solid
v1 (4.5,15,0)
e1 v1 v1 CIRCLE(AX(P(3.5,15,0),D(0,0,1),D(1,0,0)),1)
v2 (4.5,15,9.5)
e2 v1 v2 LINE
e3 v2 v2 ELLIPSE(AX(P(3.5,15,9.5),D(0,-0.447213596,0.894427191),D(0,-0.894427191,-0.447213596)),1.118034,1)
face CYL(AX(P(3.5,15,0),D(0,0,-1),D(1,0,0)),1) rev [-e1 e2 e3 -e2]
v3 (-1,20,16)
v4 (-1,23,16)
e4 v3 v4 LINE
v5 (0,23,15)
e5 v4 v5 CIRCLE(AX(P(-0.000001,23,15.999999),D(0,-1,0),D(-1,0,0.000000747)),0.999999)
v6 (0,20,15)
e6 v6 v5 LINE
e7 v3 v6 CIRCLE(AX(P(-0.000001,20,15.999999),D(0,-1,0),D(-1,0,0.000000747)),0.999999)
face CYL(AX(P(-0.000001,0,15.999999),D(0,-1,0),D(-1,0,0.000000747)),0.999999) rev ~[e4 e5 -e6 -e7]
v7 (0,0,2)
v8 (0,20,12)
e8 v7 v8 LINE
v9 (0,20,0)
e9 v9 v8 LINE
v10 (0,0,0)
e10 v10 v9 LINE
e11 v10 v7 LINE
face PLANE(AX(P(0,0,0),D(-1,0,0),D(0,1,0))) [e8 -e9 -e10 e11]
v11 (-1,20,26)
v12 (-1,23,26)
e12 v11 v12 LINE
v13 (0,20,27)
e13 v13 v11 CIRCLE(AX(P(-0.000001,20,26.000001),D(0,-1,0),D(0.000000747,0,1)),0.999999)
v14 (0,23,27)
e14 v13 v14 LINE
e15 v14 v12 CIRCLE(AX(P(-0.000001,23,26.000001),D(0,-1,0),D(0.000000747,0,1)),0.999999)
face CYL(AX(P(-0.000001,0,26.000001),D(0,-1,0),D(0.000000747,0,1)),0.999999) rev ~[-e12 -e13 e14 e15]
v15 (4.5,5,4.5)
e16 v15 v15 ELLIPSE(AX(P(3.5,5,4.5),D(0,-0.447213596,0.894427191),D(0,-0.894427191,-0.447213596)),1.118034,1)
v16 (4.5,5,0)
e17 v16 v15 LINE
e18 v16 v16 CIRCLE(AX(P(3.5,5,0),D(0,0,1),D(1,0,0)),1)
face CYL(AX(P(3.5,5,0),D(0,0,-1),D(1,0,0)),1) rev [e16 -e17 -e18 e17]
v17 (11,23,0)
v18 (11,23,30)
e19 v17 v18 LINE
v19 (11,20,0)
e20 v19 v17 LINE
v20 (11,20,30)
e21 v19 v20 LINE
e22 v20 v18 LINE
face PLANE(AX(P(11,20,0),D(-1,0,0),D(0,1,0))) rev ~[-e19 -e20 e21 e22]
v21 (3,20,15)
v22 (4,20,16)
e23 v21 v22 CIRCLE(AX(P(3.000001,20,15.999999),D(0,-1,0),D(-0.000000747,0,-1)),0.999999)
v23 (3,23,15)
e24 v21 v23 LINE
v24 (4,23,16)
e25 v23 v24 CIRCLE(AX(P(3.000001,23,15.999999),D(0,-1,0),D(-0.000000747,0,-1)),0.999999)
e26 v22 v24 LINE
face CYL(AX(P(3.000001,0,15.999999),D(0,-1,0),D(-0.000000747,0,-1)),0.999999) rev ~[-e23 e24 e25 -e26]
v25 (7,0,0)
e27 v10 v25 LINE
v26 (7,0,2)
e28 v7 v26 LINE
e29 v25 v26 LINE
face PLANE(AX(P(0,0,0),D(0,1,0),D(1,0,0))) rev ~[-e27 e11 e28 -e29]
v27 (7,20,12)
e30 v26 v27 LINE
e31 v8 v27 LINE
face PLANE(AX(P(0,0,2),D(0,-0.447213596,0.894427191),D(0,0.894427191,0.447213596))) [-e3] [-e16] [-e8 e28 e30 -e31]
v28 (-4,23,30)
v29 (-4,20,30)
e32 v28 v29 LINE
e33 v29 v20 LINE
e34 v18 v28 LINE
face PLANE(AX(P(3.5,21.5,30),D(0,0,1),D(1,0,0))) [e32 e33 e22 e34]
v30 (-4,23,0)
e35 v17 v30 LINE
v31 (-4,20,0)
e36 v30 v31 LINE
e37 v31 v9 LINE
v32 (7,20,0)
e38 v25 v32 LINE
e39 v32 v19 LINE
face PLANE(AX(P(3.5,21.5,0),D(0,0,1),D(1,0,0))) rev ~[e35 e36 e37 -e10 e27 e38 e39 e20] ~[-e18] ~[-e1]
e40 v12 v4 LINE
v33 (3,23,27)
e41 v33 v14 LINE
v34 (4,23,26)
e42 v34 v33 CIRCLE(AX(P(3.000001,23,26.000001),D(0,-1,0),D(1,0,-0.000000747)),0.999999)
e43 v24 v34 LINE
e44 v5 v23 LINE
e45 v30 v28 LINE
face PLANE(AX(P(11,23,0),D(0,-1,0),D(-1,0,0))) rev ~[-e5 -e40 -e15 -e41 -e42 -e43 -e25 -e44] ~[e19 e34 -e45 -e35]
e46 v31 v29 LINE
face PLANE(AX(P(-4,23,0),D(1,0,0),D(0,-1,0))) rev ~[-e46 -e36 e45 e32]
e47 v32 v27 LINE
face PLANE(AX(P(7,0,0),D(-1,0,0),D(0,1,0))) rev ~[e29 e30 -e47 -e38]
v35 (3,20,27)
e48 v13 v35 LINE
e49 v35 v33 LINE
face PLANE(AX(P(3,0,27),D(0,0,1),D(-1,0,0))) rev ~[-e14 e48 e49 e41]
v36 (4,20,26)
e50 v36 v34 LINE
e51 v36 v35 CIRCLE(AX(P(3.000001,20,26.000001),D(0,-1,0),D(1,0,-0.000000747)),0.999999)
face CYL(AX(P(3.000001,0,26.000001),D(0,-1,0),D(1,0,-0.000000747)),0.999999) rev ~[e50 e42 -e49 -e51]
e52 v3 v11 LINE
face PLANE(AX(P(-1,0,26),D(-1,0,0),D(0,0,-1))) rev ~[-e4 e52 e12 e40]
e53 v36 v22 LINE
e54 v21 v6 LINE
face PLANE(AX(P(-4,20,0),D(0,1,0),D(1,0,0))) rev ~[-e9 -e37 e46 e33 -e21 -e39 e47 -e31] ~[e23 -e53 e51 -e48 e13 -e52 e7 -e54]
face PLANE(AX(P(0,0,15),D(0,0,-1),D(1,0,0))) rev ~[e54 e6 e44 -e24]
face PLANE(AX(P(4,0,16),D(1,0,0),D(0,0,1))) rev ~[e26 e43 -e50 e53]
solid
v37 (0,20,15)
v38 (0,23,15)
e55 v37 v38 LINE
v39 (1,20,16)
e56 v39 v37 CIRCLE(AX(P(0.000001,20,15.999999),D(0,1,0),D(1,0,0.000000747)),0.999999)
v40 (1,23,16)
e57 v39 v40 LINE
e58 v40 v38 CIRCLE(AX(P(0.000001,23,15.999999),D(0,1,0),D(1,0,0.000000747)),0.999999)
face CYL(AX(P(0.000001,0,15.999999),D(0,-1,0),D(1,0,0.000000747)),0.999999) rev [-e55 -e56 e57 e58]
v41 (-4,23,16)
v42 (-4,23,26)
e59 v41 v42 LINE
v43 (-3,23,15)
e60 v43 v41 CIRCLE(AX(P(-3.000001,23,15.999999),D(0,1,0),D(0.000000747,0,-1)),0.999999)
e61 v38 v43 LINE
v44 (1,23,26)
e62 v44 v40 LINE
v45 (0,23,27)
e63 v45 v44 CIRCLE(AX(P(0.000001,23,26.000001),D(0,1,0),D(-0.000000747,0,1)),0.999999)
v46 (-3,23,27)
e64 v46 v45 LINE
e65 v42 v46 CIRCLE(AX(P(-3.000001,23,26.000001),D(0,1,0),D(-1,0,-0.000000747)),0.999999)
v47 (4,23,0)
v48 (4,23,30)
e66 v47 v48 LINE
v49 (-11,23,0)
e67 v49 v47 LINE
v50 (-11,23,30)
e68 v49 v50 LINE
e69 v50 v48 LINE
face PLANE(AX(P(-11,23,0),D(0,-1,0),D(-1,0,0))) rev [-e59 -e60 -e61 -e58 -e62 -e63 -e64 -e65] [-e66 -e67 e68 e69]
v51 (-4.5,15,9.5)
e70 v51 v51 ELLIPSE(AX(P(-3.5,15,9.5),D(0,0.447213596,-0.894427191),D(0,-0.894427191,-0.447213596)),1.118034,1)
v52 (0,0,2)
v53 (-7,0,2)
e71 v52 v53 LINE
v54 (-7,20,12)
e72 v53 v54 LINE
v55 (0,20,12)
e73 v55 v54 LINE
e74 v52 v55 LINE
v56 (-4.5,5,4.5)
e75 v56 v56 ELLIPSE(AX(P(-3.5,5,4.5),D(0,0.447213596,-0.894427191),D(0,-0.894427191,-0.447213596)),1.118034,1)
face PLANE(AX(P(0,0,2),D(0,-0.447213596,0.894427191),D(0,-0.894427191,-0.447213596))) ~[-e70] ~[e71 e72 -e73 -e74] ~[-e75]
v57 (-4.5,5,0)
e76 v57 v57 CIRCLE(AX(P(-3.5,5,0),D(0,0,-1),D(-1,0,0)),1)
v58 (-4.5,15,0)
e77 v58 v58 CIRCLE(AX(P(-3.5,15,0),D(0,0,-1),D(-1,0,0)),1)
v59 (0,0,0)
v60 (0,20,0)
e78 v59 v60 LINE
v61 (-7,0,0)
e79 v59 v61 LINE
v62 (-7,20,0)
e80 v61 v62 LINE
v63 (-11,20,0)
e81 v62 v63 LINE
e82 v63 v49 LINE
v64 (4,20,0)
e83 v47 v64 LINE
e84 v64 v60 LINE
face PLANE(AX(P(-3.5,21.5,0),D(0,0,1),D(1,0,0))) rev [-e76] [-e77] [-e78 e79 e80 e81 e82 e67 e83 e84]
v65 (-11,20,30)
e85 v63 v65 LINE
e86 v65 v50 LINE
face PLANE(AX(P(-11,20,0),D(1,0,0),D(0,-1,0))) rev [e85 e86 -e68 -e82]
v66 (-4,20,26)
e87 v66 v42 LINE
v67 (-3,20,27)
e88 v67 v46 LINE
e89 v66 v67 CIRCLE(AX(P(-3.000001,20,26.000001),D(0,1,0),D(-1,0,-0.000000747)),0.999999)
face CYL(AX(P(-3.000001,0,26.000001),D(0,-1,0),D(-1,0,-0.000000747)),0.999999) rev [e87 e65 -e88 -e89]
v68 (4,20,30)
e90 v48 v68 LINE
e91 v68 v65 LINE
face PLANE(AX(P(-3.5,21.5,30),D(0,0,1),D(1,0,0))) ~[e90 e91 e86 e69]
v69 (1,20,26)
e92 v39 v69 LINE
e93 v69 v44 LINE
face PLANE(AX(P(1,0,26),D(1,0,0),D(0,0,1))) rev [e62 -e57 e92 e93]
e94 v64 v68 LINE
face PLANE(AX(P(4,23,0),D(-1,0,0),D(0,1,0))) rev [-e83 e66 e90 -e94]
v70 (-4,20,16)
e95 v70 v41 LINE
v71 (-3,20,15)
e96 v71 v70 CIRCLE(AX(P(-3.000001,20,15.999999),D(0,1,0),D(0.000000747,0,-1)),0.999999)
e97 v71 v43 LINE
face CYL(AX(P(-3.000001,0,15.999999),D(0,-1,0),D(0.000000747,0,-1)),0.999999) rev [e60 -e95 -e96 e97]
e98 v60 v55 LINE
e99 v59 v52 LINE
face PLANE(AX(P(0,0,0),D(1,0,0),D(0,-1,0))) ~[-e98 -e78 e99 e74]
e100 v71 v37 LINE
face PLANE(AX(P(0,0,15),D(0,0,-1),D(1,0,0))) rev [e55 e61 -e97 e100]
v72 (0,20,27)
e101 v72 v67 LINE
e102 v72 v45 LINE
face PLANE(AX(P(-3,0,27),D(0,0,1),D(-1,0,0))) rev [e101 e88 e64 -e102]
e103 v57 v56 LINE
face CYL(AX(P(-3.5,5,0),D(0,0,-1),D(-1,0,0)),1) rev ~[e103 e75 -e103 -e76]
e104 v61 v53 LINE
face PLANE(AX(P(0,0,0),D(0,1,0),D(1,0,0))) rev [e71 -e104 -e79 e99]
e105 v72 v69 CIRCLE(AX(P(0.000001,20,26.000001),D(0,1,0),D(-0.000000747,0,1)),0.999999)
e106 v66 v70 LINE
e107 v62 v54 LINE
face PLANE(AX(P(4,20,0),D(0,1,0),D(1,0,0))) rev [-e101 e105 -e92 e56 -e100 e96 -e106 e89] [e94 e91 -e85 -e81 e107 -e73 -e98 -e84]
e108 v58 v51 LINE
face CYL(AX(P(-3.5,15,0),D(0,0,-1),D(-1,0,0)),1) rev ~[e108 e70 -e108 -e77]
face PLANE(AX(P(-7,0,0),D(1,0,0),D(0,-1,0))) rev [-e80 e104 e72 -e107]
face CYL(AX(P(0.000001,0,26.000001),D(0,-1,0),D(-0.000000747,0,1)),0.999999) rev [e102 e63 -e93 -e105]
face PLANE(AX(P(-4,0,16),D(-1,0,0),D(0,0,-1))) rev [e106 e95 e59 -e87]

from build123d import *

# Parameters (mm, degrees)
F0_W     = 7
F0_H     = 20
F0_R     = 1
F1_DEPTH = 12
F3_DEPTH = 30
F5_DEPTH = 10
F7_DEPTH = 25.4


with BuildPart() as f1:
    # F0 (on Top) → F1 (new body)
    with BuildSketch(Plane.XY):
        with Locations((3.5, 10)):
            Rectangle(F0_W, F0_H)
        with Locations((3.5, 5)):
            Circle(F0_R, mode=Mode.SUBTRACT)
        with Locations((3.5, 15)):
            Circle(F0_R, mode=Mode.SUBTRACT)
    extrude(amount=F1_DEPTH)

    # F2 (on Top) → F3 (join)
    with BuildSketch(Plane.XY):
        Polygon((-4, 20), (7, 20), (11, 20), (11, 23), (7, 23), (-4, 23), align=None)
    extrude(amount=F3_DEPTH)

    # F4 (on Right) → F5 (cut)
    with BuildSketch(Plane.YZ):
        Polygon((0, 2), (20, 12), (0, 12), align=None)
    extrude(amount=F5_DEPTH, mode=Mode.SUBTRACT)

    # F6 (on Front) → F7 (cut)
    with BuildSketch(Plane.XZ):
        with BuildLine():
            Line((0, 15), (3, 15))
            ThreePointArc((3, 15), (3.707107, 15.292893), (4, 16))
            Line((4, 16), (4, 26))
            ThreePointArc((4, 26), (3.707107, 26.707107), (3, 27))
            Line((3, 27), (0, 27))
            ThreePointArc((0, 27), (-0.707107, 26.707107), (-1, 26))
            Line((-1, 26), (-1, 16))
            ThreePointArc((-1, 16), (-0.707107, 15.292893), (0, 15))
        make_face()
    extrude(amount=-F7_DEPTH, mode=Mode.SUBTRACT)


with BuildPart() as f8_1:
    # F8: instance of F1
    add(f1.part.mirror(Plane.YZ))


solid = Compound([f1.part, f8_1.part])
